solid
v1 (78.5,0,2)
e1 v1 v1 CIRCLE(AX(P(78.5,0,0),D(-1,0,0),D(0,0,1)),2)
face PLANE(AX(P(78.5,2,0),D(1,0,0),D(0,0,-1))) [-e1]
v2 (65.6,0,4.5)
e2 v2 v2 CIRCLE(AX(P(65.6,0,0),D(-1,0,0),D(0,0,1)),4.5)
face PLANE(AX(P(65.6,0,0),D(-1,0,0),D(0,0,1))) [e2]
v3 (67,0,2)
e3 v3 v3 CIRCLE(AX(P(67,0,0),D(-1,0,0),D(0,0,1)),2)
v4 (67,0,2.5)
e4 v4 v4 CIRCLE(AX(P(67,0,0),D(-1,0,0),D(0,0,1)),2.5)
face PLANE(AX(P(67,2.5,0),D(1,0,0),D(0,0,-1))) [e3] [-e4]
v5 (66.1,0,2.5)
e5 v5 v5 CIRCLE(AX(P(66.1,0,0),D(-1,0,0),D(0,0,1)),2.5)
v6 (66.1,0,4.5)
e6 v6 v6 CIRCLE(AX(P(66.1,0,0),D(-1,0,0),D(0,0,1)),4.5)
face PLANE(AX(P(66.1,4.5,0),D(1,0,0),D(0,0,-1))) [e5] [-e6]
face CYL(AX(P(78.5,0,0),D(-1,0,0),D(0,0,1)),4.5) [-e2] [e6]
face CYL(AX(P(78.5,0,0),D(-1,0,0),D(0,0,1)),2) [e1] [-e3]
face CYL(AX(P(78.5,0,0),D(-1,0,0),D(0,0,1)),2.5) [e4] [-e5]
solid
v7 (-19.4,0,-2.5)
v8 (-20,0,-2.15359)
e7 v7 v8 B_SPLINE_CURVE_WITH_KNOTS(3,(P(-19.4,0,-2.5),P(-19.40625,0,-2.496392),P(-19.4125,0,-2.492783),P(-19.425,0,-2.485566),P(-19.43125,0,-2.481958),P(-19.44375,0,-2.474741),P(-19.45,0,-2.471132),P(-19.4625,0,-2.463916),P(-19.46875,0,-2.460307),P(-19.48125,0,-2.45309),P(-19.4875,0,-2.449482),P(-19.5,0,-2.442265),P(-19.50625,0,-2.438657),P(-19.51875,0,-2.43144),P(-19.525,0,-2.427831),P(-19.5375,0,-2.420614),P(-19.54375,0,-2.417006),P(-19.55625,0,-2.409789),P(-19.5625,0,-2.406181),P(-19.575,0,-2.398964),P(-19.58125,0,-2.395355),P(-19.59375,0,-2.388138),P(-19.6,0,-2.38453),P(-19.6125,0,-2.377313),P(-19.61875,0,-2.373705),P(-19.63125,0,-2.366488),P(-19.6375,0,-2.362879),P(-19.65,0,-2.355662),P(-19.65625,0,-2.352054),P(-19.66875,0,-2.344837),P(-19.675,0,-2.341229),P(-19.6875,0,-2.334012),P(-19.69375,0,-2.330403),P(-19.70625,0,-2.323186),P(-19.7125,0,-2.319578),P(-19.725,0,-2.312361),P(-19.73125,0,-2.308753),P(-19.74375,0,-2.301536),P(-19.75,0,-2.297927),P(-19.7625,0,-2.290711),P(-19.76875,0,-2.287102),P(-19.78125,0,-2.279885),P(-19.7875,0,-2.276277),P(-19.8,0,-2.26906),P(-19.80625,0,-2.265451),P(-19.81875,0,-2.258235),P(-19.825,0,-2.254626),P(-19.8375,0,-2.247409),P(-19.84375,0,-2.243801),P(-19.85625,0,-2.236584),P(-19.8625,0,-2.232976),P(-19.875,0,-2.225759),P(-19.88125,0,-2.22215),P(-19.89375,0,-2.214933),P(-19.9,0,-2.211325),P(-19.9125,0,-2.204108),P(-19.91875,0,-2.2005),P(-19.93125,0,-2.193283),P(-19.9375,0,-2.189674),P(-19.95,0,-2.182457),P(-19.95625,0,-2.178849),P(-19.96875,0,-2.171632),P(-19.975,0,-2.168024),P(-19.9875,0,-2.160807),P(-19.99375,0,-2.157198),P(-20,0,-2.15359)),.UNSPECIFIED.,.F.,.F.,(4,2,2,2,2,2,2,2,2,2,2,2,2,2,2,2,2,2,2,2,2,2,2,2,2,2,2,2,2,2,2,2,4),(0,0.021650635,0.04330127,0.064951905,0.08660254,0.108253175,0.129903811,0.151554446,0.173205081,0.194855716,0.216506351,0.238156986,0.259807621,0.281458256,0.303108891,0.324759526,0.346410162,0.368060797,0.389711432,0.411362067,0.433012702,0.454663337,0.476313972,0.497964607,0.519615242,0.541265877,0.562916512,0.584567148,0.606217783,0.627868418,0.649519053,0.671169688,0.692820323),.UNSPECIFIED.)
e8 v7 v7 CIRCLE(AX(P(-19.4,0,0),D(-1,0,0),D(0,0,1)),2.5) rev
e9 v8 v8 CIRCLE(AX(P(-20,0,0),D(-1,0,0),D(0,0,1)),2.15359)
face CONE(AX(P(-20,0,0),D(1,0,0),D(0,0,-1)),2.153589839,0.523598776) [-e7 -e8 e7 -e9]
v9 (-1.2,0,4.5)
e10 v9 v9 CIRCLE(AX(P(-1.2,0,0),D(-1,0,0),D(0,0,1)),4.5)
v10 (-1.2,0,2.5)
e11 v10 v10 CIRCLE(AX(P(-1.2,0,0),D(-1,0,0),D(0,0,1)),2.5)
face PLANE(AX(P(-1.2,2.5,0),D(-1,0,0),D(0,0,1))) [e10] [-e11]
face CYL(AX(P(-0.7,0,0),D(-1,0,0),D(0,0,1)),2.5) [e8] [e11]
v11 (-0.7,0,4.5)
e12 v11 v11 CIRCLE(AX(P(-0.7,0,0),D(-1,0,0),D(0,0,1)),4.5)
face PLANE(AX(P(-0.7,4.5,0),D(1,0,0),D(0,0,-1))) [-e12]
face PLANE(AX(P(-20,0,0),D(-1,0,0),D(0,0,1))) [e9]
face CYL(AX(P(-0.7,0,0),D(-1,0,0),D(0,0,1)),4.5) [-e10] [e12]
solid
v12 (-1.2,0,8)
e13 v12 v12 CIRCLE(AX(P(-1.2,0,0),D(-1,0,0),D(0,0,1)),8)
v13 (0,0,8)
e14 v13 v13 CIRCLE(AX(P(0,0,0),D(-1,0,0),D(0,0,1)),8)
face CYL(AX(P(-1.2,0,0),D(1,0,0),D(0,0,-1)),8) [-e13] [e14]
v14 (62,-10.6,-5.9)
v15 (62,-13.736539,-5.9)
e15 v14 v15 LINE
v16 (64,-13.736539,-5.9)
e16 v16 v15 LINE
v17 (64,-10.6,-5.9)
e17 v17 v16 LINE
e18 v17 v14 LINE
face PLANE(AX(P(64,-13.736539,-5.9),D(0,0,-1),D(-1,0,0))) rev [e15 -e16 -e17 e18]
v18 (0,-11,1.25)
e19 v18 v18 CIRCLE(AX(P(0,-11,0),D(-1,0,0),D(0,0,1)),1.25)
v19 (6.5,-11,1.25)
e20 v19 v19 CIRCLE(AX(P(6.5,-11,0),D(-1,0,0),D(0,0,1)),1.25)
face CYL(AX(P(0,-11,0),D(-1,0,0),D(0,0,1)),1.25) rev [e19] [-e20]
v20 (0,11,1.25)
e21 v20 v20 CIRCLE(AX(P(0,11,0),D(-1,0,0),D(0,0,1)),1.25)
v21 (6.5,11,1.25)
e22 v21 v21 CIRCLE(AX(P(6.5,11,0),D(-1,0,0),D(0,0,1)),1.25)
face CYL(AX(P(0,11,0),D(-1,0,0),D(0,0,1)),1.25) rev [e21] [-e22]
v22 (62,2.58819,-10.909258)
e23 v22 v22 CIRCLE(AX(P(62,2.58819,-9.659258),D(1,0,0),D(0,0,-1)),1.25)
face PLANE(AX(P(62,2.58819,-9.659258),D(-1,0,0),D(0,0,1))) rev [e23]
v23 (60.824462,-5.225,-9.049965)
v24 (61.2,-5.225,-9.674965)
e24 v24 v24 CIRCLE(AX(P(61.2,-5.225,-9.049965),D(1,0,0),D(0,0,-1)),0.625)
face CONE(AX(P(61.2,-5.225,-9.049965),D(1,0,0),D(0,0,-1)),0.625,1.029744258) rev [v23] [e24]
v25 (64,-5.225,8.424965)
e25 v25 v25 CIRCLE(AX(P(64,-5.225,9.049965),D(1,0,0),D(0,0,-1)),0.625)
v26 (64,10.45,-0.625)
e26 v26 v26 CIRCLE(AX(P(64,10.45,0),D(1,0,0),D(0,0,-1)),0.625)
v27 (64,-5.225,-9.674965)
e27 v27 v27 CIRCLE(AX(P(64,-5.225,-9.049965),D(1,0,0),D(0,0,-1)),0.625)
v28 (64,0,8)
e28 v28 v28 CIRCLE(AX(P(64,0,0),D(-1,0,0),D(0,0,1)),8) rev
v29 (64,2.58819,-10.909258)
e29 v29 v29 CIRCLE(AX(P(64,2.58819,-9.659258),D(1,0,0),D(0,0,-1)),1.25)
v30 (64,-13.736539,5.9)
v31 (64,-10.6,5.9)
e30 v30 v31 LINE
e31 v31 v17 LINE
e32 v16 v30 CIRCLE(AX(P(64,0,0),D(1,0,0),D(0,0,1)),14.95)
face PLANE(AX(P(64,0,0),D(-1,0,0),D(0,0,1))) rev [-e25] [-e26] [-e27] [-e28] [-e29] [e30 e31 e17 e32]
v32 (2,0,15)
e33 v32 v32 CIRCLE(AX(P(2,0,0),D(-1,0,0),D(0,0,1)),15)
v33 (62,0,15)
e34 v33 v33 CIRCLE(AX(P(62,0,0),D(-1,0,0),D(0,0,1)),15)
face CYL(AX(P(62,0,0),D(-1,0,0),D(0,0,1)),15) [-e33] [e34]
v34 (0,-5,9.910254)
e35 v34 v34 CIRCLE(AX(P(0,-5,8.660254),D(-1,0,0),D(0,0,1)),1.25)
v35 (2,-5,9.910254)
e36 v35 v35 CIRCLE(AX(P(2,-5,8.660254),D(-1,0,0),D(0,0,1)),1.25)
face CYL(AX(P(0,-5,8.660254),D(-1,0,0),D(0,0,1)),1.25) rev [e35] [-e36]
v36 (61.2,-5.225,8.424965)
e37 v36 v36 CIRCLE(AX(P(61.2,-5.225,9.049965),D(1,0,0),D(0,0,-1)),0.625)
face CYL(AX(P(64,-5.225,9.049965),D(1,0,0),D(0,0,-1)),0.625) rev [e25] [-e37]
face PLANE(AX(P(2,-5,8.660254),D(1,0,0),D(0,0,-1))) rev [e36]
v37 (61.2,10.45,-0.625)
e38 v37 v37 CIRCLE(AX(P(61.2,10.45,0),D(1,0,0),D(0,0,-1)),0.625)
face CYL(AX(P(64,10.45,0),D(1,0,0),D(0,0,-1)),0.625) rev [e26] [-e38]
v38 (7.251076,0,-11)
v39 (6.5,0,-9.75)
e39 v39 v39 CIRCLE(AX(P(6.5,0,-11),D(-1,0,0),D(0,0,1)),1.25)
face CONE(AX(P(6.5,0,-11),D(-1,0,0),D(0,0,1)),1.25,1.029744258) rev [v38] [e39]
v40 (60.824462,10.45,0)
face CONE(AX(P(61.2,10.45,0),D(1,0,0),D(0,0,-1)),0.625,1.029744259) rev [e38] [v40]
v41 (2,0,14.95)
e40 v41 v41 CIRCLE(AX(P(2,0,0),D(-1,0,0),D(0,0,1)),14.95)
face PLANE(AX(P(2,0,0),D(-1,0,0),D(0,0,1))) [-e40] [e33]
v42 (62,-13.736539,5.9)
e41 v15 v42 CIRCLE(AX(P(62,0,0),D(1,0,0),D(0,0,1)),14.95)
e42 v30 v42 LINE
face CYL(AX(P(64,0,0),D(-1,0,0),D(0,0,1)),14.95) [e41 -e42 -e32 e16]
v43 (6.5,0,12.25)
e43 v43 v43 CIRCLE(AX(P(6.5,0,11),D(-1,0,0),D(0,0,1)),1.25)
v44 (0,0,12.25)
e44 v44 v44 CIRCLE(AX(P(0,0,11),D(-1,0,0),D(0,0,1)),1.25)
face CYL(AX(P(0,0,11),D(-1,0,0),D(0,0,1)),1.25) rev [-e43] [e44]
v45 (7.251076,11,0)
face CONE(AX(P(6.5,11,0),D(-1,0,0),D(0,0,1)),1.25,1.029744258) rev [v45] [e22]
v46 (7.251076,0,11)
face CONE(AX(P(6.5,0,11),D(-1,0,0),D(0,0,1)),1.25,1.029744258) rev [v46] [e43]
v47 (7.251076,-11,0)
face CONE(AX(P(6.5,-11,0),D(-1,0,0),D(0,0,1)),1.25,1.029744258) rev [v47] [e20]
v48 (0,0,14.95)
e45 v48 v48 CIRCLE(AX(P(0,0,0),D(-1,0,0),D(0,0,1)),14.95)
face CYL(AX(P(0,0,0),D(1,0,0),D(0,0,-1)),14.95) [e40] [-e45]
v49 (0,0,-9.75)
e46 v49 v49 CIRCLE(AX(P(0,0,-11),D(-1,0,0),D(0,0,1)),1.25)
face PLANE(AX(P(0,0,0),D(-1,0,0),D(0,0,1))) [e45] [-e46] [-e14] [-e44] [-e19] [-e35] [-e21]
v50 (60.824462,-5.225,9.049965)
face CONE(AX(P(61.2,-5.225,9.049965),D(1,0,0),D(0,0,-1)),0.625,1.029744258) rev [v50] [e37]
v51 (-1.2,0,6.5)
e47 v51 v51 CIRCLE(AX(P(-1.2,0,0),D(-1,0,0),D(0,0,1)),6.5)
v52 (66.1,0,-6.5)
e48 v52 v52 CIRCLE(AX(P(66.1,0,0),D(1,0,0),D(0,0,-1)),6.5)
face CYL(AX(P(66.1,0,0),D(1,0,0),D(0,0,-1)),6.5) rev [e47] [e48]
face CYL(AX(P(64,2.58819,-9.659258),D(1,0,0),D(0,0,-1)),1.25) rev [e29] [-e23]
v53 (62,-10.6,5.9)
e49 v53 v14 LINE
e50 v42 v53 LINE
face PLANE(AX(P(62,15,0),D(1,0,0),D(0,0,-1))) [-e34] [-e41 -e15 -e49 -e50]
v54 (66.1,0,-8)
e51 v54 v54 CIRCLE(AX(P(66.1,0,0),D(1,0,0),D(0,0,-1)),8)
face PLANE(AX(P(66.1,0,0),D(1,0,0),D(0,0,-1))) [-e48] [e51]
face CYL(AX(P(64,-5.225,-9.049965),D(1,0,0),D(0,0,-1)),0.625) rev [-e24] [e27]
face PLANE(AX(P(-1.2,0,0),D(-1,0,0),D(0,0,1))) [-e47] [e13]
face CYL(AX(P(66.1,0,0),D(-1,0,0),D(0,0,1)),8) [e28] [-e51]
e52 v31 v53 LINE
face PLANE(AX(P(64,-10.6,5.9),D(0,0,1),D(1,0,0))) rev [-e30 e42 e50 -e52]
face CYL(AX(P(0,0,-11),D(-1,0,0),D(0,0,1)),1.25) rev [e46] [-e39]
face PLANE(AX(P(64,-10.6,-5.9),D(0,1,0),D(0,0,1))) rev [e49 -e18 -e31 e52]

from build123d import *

# Parameters (mm, degrees)
SKETCH1_W           = 60
SKETCH1_H           = 15
BOSS_EXTRUDE1_DEPTH = 2
SKETCH3_R           = 8
BOSS_EXTRUDE2_DEPTH = 2.1
HOLE1_D             = 13
HOLE1_DEPTH         = 0.5
BOSS_EXTRUDE3_START = 2
SKETCH6_R           = 14.95
BOSS_EXTRUDE3_DEPTH = 2
BOSS_EXTRUDE4_START = 1.2
SKETCH7_R           = 8
BOSS_EXTRUDE4_DEPTH = 1.2
HOLE2_D             = 13
HOLE2_DEPTH         = 67.3
SKETCH12_W          = 1.25
SKETCH12_H          = 2
SKETCH14_W          = 1.25
SKETCH14_H          = 2
CHAMFER1_SIZE       = 0.346410161
CHAMFER1_SIZE2      = 0.6


with BuildPart() as part:
    # Sketch1 → Revolve1 (revolve)
    with BuildSketch(Plane(origin=(0, 0, 0), x_dir=(-1, 0, 0), z_dir=(0, 0, -1)), mode=Mode.PRIVATE) as revolve1_sk:
        with Locations((-32, 7.5)):
            Rectangle(SKETCH1_W, SKETCH1_H)
    revolve(revolve1_sk.sketch.rotate(Axis((62, 0, 0), (-1, 0, 0)), 270), axis=Axis((62, 0, 0), (-1, 0, 0)))

    # Sketch2 → Boss-Extrude1 (add)
    with BuildSketch(Plane(origin=(62, 0, 0), x_dir=(0, 0, -1), z_dir=(1, 0, 0))):
        with BuildLine():
            Line((5.9, -13.736538865), (5.9, -10.6))
            Line((5.9, -10.6), (-5.9, -10.6))
            Line((-5.9, -10.6), (-5.9, -13.736538865))
            ThreePointArc((-5.9, -13.736538865), (0, 14.95), (5.9, -13.736538865))
        make_face()
    extrude(amount=BOSS_EXTRUDE1_DEPTH)

    # Sketch3 → Boss-Extrude2 (add)
    with BuildSketch(Plane(origin=(64, 0, 0), x_dir=(0, 0, -1), z_dir=(1, 0, 0))):
        with Locations(Location((0, 0, 0), (0, 0, 180))):
            Circle(SKETCH3_R)
    extrude(amount=BOSS_EXTRUDE2_DEPTH)

    # Hole1
    with Locations(Plane(origin=(66.1, 0, 0), x_dir=(0, 0, -1), z_dir=(1, 0, 0))):
        with Locations((0, 0)):
            Hole(HOLE1_D / 2, depth=HOLE1_DEPTH)

    # Sketch6 → Boss-Extrude3 (add)
    with BuildSketch(Plane.ZY.offset(-2).offset(BOSS_EXTRUDE3_START)):
        Circle(SKETCH6_R)
    extrude(amount=-BOSS_EXTRUDE3_DEPTH)

    # Sketch7 → Boss-Extrude4 (add)
    with BuildSketch(Plane.ZY.offset(BOSS_EXTRUDE4_START)):
        Circle(SKETCH7_R)
    extrude(amount=-BOSS_EXTRUDE4_DEPTH)

    # Hole2
    with Locations(Plane.ZY.offset(1.2)):
        with Locations((0, 0)):
            Hole(HOLE2_D / 2, depth=HOLE2_DEPTH)

    # Sketch12 → Hole3 (revolve, cut)
    with BuildSketch(Plane(origin=(0, -5, 8.660254038), x_dir=(0, 0, 1), z_dir=(0, 1, 0))):
        with Locations((0.625, 1)):
            Rectangle(SKETCH12_W, SKETCH12_H)
    revolve(axis=Axis((110, -5, 8.660254038), (-1, 0, 0)), mode=Mode.SUBTRACT)

    # Sketch14 → Hole4 (revolve, cut)
    with BuildSketch(Plane(origin=(64, 2.588190451, -9.659258263), x_dir=(0, 0, -1), z_dir=(0, 1, 0))):
        with Locations((0.625, 1)):
            Rectangle(SKETCH14_W, SKETCH14_H)
    revolve(axis=Axis((-46, 2.588190451, -9.659258263), (1, 0, 0)), mode=Mode.SUBTRACT)

    # Sketch16 → Hole5 (revolve, cut)
    with BuildSketch(Plane(origin=(0, 0, 11), x_dir=(0, 0, 1), z_dir=(0, 1, 0))):
        Polygon((0, 0), (0, 7.251075774), (1.25, 6.5), (1.25, 0), align=None)
    revolve(axis=Axis((-4.244199587, 0, 11), (1, 0, 0)), mode=Mode.SUBTRACT)

    # Sketch18 → Hole6 (revolve, cut)
    with BuildSketch(Plane.ZX.offset(11)):
        Polygon((0, 0), (0, 7.251075774), (1.25, 6.5), (1.25, 0), align=None)
    revolve(axis=Axis((-4.244199587, 11, 0), (1, 0, 0)), mode=Mode.SUBTRACT)

    # Sketch20 → Hole7 (revolve, cut)
    with BuildSketch(Plane(origin=(0, 0, -11), x_dir=(0, 0, 1), z_dir=(0, 1, 0))):
        Polygon((0, 0), (0, 7.251075774), (1.25, 6.5), (1.25, 0), align=None)
    revolve(axis=Axis((-4.244199587, 0, -11), (1, 0, 0)), mode=Mode.SUBTRACT)

    # Sketch22 → Hole8 (revolve, cut)
    with BuildSketch(Plane.ZX.offset(-11)):
        Polygon((0, 0), (0, 7.251075774), (1.25, 6.5), (1.25, 0), align=None)
    revolve(axis=Axis((-4.244199587, -11, 0), (1, 0, 0)), mode=Mode.SUBTRACT)

    # Sketch24 → Hole9 (revolve, cut)
    with BuildSketch(Plane(origin=(64, 10.45, 0), x_dir=(0, 0, -1), z_dir=(0, 1, 0))):
        Polygon((0, 0), (0, 3.175537887), (0.625, 2.8), (0.625, 0), align=None)
    revolve(axis=Axis((68.244199587, 10.45, 0), (-1, 0, 0)), mode=Mode.SUBTRACT)

    # Sketch26 → Hole10 (revolve, cut)
    with BuildSketch(Plane(origin=(64, -5.225, -9.04996547), x_dir=(0, 0, -1), z_dir=(0, 1, 0))):
        Polygon((0, 0), (0, 3.175537887), (0.625, 2.8), (0.625, 0), align=None)
    revolve(axis=Axis((68.244199587, -5.225, -9.04996547), (-1, 0, 0)), mode=Mode.SUBTRACT)

    # Sketch28 → Hole11 (revolve, cut)
    with BuildSketch(Plane(origin=(64, -5.225, 9.04996547), x_dir=(0, 0, -1), z_dir=(0, 1, 0))):
        Polygon((0, 0), (0, 3.175537887), (0.625, 2.8), (0.625, 0), align=None)
    revolve(axis=Axis((68.244199587, -5.225, 9.04996547), (-1, 0, 0)), mode=Mode.SUBTRACT)


with BuildPart() as body_2:
    # Sketch10 → Revolve2 (revolve)
    with BuildSketch(Plane(origin=(0, 0, 0), x_dir=(-1, 0, 0), z_dir=(0, 0, -1)), mode=Mode.PRIVATE) as revolve2_sk:
        Polygon((0.7, 4.5), (0.7, 0), (20, 0), (20, 2.5), (1.2, 2.5), (1.2, 4.5), align=None)
    revolve(revolve2_sk.sketch.rotate(Axis((-0.7, 0, 0), (-1, 0, 0)), 270), axis=Axis((-0.7, 0, 0), (-1, 0, 0)))

    # Chamfer1
    chamfer1_edges = [body_2.edges().sort_by_distance(p)[0] for p in [
        (-20, 0, -2.5),
    ]]
    chamfer1_side = [body_2.faces().sort_by_distance(p)[0] for p in [
        (-20, 0, 0),
    ]]
    chamfer(chamfer1_edges, length=CHAMFER1_SIZE, length2=CHAMFER1_SIZE2, reference=chamfer1_side[0])


with BuildPart() as body_3:
    # Sketch11 → Revolve3 (revolve)
    with BuildSketch(Plane(origin=(0, 0, 0), x_dir=(-1, 0, 0), z_dir=(0, 0, -1)), mode=Mode.PRIVATE) as revolve3_sk:
        Polygon((-78.5, 2), (-78.5, 0), (-65.6, 0), (-65.6, 4.5), (-66.1, 4.5), (-66.1, 2.5), (-67, 2.5), (-67, 2), align=None)
    revolve(revolve3_sk.sketch.rotate(Axis((78.5, 0, 0), (-1, 0, 0)), 270), axis=Axis((78.5, 0, 0), (-1, 0, 0)))


solid = Compound([part.part, body_2.part, body_3.part])
